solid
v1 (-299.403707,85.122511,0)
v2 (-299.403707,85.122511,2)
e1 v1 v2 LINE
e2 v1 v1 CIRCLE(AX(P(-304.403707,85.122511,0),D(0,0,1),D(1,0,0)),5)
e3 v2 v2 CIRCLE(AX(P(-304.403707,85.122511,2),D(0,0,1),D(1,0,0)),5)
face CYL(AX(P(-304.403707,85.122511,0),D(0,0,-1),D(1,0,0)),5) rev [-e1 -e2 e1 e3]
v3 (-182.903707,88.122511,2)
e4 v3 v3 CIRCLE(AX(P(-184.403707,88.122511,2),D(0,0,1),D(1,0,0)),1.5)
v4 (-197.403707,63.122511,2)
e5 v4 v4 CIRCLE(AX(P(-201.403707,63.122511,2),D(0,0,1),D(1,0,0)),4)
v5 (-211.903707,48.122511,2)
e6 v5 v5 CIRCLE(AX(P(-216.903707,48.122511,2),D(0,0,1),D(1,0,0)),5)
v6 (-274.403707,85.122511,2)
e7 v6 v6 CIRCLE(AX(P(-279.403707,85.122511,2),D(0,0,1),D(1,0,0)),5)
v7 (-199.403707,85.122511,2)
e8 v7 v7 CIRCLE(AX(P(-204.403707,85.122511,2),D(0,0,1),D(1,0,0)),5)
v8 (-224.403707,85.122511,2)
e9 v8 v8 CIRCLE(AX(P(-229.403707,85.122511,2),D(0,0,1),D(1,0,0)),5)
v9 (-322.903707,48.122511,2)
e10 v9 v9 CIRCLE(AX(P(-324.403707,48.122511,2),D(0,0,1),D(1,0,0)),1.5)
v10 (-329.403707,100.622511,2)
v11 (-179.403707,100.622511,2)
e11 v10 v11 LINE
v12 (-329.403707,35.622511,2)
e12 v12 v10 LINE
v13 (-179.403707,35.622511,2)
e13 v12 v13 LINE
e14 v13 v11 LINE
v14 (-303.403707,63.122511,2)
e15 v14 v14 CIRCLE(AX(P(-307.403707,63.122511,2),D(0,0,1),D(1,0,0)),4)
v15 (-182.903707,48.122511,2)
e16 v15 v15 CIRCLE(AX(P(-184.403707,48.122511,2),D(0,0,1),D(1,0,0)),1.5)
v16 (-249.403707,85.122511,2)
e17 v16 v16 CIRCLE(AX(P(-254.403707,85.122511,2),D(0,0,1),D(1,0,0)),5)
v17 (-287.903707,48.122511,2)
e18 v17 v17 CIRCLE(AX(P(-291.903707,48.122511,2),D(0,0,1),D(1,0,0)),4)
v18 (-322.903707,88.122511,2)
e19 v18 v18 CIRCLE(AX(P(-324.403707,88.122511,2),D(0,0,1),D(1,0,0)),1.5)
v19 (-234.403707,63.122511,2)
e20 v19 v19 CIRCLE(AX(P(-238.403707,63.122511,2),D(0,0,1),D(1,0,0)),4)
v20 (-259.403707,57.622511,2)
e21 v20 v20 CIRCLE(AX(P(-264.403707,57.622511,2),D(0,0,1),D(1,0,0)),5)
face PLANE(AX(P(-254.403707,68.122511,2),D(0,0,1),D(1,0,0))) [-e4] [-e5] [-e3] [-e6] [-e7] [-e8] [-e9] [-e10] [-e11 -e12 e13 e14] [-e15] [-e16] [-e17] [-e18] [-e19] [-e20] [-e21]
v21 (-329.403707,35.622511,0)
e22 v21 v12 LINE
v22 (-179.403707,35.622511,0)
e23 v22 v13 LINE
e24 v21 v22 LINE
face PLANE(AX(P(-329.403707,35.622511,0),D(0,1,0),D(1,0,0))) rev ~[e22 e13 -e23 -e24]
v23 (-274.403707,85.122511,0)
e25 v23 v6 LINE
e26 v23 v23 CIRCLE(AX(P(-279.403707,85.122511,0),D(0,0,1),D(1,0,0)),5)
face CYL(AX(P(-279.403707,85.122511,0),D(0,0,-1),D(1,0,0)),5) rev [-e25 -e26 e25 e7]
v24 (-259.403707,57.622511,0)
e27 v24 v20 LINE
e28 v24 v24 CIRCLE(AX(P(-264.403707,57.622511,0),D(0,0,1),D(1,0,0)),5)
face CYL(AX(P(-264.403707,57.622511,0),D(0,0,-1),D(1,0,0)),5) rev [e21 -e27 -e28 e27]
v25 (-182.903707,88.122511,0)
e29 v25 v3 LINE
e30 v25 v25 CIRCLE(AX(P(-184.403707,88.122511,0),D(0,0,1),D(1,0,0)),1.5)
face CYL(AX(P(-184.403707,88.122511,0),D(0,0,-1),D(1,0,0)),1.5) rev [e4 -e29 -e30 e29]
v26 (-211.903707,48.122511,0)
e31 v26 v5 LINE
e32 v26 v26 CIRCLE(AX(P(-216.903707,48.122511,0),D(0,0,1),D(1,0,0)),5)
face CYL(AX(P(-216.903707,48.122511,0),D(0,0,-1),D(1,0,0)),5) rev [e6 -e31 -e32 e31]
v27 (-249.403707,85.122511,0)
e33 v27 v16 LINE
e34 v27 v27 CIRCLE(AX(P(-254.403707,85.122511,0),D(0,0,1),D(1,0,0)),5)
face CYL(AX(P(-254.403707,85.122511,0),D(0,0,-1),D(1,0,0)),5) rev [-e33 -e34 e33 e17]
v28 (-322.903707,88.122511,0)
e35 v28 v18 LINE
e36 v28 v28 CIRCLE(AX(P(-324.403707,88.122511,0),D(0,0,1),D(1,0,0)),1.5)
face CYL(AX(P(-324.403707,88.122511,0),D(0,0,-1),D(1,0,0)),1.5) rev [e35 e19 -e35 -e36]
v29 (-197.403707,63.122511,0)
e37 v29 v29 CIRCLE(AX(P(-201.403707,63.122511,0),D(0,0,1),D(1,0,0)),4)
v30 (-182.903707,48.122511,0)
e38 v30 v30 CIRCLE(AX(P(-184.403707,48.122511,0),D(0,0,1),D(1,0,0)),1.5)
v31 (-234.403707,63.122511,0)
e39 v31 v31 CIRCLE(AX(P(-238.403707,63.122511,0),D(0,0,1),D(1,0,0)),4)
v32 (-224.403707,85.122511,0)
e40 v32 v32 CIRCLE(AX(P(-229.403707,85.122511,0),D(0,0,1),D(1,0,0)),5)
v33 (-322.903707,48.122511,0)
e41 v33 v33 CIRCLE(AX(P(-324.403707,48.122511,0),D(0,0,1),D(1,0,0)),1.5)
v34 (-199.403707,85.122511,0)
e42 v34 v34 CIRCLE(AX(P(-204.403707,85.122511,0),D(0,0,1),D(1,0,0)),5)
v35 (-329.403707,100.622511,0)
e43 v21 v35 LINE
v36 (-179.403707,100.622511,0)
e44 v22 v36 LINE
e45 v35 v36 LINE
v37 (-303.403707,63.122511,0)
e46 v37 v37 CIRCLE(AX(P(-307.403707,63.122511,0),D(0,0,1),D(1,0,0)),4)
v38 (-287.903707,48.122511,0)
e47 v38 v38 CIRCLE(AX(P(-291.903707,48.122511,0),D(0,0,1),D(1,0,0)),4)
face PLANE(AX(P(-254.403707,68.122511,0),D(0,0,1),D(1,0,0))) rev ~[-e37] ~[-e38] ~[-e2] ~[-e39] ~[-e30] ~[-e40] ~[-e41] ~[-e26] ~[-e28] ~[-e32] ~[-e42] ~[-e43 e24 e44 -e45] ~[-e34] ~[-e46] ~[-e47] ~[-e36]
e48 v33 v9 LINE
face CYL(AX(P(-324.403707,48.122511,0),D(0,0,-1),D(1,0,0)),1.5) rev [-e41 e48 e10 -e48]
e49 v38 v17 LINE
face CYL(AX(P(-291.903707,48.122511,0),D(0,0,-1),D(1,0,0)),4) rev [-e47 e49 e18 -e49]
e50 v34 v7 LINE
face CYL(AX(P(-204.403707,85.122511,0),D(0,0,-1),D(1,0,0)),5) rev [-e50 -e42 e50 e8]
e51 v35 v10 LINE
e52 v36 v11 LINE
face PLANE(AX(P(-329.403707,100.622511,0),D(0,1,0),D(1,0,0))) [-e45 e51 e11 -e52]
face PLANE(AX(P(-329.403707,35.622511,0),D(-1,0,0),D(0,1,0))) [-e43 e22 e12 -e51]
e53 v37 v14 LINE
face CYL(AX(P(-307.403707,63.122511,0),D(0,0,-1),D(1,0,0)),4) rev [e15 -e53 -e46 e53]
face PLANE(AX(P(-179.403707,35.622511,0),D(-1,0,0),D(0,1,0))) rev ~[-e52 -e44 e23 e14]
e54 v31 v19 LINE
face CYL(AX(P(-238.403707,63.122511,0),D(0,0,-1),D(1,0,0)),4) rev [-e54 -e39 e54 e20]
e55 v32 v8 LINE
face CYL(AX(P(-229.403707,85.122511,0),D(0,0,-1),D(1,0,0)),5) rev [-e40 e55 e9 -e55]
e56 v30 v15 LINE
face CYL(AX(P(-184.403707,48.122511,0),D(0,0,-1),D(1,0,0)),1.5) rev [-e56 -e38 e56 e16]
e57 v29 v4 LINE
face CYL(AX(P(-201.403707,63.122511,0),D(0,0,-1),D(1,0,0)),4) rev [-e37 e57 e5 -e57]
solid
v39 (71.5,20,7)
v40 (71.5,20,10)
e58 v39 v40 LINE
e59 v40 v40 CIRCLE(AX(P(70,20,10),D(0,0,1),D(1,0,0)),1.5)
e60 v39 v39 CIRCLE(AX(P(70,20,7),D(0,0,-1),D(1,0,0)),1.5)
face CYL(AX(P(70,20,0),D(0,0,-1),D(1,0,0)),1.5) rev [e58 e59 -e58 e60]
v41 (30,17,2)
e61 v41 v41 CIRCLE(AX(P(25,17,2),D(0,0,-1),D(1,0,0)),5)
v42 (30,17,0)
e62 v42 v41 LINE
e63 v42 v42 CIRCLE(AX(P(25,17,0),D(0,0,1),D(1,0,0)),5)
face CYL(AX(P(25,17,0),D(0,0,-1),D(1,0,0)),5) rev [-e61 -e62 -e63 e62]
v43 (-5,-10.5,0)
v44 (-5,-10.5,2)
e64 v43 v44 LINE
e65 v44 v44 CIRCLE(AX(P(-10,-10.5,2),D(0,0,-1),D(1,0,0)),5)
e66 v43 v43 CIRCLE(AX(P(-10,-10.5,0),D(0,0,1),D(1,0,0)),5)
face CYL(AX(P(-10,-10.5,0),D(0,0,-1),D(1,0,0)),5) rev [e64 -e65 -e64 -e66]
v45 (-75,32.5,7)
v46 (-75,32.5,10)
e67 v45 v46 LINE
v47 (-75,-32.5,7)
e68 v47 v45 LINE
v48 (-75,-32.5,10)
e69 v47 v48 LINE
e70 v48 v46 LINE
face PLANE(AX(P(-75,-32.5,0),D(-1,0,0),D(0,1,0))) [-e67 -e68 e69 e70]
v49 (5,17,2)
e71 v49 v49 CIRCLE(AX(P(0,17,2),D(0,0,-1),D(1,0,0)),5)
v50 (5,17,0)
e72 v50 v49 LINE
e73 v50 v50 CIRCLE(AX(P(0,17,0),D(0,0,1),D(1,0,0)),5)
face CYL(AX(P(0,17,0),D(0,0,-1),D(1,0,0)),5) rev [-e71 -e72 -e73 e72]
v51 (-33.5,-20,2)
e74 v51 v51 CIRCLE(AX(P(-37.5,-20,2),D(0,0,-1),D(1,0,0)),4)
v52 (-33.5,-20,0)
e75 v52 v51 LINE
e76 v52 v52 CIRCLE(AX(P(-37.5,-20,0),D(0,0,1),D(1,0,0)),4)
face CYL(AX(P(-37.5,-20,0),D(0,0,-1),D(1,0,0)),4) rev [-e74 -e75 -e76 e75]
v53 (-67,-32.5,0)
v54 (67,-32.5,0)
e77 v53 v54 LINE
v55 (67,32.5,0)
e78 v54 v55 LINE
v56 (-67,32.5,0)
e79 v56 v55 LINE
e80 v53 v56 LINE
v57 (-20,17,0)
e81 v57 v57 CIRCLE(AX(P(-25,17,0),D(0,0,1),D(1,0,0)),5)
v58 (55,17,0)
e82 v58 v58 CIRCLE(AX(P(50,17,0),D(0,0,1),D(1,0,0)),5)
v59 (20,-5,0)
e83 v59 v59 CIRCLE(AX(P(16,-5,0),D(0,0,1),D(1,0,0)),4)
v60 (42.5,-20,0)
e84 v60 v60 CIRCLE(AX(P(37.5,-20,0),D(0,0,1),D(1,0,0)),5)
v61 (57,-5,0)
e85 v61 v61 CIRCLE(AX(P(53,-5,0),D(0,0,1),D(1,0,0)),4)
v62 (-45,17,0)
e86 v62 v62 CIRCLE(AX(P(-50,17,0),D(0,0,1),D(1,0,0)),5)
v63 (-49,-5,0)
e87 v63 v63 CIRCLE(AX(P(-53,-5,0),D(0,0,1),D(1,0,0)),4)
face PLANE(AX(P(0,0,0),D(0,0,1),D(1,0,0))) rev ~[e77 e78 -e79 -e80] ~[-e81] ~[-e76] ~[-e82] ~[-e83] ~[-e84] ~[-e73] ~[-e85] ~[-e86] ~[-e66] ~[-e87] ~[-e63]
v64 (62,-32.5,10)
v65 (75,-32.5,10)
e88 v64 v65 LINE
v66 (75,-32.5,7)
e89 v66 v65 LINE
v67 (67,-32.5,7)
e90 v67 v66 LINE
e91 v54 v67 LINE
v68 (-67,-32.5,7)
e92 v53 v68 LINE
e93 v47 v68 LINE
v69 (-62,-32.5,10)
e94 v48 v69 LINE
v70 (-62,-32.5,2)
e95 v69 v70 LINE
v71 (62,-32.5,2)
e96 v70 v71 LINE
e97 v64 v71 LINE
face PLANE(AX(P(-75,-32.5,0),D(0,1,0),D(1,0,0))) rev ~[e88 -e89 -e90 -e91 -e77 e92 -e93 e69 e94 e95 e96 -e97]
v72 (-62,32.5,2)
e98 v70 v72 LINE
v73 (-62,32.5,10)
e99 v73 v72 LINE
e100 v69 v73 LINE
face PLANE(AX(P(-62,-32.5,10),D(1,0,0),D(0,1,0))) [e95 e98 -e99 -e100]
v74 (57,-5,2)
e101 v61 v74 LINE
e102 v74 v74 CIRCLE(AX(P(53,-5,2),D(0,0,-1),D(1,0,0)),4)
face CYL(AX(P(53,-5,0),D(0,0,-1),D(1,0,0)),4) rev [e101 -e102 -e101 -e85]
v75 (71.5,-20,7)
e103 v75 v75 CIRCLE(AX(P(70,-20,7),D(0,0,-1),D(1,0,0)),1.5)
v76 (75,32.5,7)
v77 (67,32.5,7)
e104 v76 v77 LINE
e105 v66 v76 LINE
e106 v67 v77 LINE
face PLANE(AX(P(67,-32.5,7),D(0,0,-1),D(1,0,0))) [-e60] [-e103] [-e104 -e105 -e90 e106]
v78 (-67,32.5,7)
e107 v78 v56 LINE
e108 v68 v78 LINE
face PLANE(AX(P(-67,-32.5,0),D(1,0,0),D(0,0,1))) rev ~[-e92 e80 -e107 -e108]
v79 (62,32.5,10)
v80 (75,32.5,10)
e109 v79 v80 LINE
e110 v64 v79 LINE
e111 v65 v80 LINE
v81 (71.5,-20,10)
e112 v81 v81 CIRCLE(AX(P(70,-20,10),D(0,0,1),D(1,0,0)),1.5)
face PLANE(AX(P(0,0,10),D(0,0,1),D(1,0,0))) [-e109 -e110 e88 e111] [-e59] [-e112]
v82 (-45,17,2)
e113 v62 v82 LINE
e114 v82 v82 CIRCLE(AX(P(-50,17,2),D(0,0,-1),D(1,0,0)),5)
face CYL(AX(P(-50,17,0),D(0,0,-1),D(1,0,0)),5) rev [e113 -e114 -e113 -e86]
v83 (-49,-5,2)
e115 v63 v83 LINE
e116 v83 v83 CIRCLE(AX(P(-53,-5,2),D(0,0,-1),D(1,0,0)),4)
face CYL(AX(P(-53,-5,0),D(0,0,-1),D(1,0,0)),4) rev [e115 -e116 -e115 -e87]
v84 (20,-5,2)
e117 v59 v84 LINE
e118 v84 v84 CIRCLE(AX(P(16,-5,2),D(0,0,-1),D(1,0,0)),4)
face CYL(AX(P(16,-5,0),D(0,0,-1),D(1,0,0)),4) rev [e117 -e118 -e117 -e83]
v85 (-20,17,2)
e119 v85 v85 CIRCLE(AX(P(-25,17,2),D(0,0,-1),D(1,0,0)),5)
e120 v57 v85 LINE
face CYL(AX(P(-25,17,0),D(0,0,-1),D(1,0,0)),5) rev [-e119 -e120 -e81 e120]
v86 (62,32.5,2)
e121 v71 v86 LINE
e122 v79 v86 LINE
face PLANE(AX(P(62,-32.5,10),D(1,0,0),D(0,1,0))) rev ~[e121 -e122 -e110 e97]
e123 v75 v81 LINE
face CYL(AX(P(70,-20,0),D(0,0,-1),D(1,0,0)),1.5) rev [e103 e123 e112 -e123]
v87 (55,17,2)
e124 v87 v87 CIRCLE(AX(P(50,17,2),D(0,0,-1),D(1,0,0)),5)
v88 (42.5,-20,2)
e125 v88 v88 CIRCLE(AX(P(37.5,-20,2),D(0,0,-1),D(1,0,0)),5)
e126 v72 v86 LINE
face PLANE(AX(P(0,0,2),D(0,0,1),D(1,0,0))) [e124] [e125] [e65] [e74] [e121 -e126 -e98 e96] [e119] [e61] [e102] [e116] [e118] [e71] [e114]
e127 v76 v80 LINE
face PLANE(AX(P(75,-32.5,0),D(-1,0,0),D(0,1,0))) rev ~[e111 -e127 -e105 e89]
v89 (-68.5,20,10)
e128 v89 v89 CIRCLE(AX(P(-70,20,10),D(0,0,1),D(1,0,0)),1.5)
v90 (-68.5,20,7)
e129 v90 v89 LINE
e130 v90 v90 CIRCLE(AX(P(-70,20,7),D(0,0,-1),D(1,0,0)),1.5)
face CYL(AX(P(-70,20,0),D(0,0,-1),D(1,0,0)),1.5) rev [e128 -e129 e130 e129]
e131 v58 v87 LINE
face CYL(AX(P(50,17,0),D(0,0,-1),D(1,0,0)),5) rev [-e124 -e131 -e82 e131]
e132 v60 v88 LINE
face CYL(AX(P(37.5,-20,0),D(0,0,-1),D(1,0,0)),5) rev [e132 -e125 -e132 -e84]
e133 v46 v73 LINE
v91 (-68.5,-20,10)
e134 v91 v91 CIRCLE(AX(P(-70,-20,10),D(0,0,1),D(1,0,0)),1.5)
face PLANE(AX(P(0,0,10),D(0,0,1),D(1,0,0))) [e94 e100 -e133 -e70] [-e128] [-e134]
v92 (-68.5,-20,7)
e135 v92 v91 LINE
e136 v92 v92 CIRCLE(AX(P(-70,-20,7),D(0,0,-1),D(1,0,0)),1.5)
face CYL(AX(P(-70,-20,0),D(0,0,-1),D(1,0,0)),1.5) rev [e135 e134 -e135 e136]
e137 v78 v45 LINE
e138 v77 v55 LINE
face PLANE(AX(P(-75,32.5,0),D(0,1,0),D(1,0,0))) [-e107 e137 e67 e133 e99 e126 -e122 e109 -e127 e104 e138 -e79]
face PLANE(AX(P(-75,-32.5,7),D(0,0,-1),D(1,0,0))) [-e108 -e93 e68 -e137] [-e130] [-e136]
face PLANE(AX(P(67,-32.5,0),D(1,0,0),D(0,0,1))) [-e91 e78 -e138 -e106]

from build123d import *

# Parameters (mm, degrees)
F0_W     = 150
F0_H     = 65
F0_R     = 1.5
F0_R_2   = 4
F0_R_3   = 5
F1_DEPTH = 10
F2_W     = 150
F2_H     = 65
F2_R     = 1.5
F2_R_2   = 4
F2_R_3   = 5
F3_DEPTH = 2
F4_W     = 8
F4_H     = 7
F5_DEPTH = 70
F6_W     = 124
F6_H     = 65
F7_DEPTH = 8


with BuildPart() as f1:
    # F0 (on Top) → F1 (new body)
    with BuildSketch(Plane.XY):
        Rectangle(F0_W, F0_H)
        with Locations((-70, -20)):
            Circle(F0_R, mode=Mode.SUBTRACT)
        with Locations((-37.5, -20)):
            Circle(F0_R_2, mode=Mode.SUBTRACT)
        with Locations((-53, -5)):
            Circle(F0_R_2, mode=Mode.SUBTRACT)
        with Locations((-10, -10.5)):
            Circle(F0_R_3, mode=Mode.SUBTRACT)
        with Locations((37.5, -20)):
            Circle(F0_R_3, mode=Mode.SUBTRACT)
        with Locations((70, -20)):
            Circle(F0_R, mode=Mode.SUBTRACT)
        with Locations((16, -5)):
            Circle(F0_R_2, mode=Mode.SUBTRACT)
        with Locations((53, -5)):
            Circle(F0_R_2, mode=Mode.SUBTRACT)
        with Locations((-70, 20)):
            Circle(F0_R, mode=Mode.SUBTRACT)
        with Locations((-50, 17)):
            Circle(F0_R_3, mode=Mode.SUBTRACT)
        with Locations((-25, 17)):
            Circle(F0_R_3, mode=Mode.SUBTRACT)
        with Locations((0, 17)):
            Circle(F0_R_3, mode=Mode.SUBTRACT)
        with Locations((25, 17)):
            Circle(F0_R_3, mode=Mode.SUBTRACT)
        with Locations((50, 17)):
            Circle(F0_R_3, mode=Mode.SUBTRACT)
        with Locations((70, 20)):
            Circle(F0_R, mode=Mode.SUBTRACT)
    extrude(amount=F1_DEPTH)

    # F4 (on face) → F5 (cut)
    with BuildSketch(Plane.XZ.offset(32.5)):
        with Locations((-71, 3.5)):
            Rectangle(F4_W, F4_H)
        with Locations((71, 3.5)):
            Rectangle(F4_W, F4_H)
    extrude(amount=-F5_DEPTH, mode=Mode.SUBTRACT)

    # F6 (on face) → F7 (cut)
    with BuildSketch(Plane.XY.offset(10)):
        Rectangle(F6_W, F6_H)
    extrude(amount=-F7_DEPTH, mode=Mode.SUBTRACT)


with BuildPart() as f3:
    # F2 (on Top) → F3 (new body)
    with BuildSketch(Plane.XY):
        with Locations((-254.403707, 68.122511)):
            Rectangle(F2_W, F2_H)
        with Locations((-324.403707, 48.122511)):
            Circle(F2_R, mode=Mode.SUBTRACT)
        with Locations((-291.903707, 48.122511)):
            Circle(F2_R_2, mode=Mode.SUBTRACT)
        with Locations((-307.403707, 63.122511)):
            Circle(F2_R_2, mode=Mode.SUBTRACT)
        with Locations((-264.403707, 57.622511)):
            Circle(F2_R_3, mode=Mode.SUBTRACT)
        with Locations((-216.903707, 48.122511)):
            Circle(F2_R_3, mode=Mode.SUBTRACT)
        with Locations((-184.403707, 48.122511)):
            Circle(F2_R, mode=Mode.SUBTRACT)
        with Locations((-238.403707, 63.122511)):
            Circle(F2_R_2, mode=Mode.SUBTRACT)
        with Locations((-201.403707, 63.122511)):
            Circle(F2_R_2, mode=Mode.SUBTRACT)
        with Locations((-324.403707, 88.122511)):
            Circle(F2_R, mode=Mode.SUBTRACT)
        with Locations((-304.403707, 85.122511)):
            Circle(F2_R_3, mode=Mode.SUBTRACT)
        with Locations((-279.403707, 85.122511)):
            Circle(F2_R_3, mode=Mode.SUBTRACT)
        with Locations((-254.403707, 85.122511)):
            Circle(F2_R_3, mode=Mode.SUBTRACT)
        with Locations((-229.403707, 85.122511)):
            Circle(F2_R_3, mode=Mode.SUBTRACT)
        with Locations((-204.403707, 85.122511)):
            Circle(F2_R_3, mode=Mode.SUBTRACT)
        with Locations((-184.403707, 88.122511)):
            Circle(F2_R, mode=Mode.SUBTRACT)
    extrude(amount=F3_DEPTH)


solid = Compound([f1.part, f3.part])
